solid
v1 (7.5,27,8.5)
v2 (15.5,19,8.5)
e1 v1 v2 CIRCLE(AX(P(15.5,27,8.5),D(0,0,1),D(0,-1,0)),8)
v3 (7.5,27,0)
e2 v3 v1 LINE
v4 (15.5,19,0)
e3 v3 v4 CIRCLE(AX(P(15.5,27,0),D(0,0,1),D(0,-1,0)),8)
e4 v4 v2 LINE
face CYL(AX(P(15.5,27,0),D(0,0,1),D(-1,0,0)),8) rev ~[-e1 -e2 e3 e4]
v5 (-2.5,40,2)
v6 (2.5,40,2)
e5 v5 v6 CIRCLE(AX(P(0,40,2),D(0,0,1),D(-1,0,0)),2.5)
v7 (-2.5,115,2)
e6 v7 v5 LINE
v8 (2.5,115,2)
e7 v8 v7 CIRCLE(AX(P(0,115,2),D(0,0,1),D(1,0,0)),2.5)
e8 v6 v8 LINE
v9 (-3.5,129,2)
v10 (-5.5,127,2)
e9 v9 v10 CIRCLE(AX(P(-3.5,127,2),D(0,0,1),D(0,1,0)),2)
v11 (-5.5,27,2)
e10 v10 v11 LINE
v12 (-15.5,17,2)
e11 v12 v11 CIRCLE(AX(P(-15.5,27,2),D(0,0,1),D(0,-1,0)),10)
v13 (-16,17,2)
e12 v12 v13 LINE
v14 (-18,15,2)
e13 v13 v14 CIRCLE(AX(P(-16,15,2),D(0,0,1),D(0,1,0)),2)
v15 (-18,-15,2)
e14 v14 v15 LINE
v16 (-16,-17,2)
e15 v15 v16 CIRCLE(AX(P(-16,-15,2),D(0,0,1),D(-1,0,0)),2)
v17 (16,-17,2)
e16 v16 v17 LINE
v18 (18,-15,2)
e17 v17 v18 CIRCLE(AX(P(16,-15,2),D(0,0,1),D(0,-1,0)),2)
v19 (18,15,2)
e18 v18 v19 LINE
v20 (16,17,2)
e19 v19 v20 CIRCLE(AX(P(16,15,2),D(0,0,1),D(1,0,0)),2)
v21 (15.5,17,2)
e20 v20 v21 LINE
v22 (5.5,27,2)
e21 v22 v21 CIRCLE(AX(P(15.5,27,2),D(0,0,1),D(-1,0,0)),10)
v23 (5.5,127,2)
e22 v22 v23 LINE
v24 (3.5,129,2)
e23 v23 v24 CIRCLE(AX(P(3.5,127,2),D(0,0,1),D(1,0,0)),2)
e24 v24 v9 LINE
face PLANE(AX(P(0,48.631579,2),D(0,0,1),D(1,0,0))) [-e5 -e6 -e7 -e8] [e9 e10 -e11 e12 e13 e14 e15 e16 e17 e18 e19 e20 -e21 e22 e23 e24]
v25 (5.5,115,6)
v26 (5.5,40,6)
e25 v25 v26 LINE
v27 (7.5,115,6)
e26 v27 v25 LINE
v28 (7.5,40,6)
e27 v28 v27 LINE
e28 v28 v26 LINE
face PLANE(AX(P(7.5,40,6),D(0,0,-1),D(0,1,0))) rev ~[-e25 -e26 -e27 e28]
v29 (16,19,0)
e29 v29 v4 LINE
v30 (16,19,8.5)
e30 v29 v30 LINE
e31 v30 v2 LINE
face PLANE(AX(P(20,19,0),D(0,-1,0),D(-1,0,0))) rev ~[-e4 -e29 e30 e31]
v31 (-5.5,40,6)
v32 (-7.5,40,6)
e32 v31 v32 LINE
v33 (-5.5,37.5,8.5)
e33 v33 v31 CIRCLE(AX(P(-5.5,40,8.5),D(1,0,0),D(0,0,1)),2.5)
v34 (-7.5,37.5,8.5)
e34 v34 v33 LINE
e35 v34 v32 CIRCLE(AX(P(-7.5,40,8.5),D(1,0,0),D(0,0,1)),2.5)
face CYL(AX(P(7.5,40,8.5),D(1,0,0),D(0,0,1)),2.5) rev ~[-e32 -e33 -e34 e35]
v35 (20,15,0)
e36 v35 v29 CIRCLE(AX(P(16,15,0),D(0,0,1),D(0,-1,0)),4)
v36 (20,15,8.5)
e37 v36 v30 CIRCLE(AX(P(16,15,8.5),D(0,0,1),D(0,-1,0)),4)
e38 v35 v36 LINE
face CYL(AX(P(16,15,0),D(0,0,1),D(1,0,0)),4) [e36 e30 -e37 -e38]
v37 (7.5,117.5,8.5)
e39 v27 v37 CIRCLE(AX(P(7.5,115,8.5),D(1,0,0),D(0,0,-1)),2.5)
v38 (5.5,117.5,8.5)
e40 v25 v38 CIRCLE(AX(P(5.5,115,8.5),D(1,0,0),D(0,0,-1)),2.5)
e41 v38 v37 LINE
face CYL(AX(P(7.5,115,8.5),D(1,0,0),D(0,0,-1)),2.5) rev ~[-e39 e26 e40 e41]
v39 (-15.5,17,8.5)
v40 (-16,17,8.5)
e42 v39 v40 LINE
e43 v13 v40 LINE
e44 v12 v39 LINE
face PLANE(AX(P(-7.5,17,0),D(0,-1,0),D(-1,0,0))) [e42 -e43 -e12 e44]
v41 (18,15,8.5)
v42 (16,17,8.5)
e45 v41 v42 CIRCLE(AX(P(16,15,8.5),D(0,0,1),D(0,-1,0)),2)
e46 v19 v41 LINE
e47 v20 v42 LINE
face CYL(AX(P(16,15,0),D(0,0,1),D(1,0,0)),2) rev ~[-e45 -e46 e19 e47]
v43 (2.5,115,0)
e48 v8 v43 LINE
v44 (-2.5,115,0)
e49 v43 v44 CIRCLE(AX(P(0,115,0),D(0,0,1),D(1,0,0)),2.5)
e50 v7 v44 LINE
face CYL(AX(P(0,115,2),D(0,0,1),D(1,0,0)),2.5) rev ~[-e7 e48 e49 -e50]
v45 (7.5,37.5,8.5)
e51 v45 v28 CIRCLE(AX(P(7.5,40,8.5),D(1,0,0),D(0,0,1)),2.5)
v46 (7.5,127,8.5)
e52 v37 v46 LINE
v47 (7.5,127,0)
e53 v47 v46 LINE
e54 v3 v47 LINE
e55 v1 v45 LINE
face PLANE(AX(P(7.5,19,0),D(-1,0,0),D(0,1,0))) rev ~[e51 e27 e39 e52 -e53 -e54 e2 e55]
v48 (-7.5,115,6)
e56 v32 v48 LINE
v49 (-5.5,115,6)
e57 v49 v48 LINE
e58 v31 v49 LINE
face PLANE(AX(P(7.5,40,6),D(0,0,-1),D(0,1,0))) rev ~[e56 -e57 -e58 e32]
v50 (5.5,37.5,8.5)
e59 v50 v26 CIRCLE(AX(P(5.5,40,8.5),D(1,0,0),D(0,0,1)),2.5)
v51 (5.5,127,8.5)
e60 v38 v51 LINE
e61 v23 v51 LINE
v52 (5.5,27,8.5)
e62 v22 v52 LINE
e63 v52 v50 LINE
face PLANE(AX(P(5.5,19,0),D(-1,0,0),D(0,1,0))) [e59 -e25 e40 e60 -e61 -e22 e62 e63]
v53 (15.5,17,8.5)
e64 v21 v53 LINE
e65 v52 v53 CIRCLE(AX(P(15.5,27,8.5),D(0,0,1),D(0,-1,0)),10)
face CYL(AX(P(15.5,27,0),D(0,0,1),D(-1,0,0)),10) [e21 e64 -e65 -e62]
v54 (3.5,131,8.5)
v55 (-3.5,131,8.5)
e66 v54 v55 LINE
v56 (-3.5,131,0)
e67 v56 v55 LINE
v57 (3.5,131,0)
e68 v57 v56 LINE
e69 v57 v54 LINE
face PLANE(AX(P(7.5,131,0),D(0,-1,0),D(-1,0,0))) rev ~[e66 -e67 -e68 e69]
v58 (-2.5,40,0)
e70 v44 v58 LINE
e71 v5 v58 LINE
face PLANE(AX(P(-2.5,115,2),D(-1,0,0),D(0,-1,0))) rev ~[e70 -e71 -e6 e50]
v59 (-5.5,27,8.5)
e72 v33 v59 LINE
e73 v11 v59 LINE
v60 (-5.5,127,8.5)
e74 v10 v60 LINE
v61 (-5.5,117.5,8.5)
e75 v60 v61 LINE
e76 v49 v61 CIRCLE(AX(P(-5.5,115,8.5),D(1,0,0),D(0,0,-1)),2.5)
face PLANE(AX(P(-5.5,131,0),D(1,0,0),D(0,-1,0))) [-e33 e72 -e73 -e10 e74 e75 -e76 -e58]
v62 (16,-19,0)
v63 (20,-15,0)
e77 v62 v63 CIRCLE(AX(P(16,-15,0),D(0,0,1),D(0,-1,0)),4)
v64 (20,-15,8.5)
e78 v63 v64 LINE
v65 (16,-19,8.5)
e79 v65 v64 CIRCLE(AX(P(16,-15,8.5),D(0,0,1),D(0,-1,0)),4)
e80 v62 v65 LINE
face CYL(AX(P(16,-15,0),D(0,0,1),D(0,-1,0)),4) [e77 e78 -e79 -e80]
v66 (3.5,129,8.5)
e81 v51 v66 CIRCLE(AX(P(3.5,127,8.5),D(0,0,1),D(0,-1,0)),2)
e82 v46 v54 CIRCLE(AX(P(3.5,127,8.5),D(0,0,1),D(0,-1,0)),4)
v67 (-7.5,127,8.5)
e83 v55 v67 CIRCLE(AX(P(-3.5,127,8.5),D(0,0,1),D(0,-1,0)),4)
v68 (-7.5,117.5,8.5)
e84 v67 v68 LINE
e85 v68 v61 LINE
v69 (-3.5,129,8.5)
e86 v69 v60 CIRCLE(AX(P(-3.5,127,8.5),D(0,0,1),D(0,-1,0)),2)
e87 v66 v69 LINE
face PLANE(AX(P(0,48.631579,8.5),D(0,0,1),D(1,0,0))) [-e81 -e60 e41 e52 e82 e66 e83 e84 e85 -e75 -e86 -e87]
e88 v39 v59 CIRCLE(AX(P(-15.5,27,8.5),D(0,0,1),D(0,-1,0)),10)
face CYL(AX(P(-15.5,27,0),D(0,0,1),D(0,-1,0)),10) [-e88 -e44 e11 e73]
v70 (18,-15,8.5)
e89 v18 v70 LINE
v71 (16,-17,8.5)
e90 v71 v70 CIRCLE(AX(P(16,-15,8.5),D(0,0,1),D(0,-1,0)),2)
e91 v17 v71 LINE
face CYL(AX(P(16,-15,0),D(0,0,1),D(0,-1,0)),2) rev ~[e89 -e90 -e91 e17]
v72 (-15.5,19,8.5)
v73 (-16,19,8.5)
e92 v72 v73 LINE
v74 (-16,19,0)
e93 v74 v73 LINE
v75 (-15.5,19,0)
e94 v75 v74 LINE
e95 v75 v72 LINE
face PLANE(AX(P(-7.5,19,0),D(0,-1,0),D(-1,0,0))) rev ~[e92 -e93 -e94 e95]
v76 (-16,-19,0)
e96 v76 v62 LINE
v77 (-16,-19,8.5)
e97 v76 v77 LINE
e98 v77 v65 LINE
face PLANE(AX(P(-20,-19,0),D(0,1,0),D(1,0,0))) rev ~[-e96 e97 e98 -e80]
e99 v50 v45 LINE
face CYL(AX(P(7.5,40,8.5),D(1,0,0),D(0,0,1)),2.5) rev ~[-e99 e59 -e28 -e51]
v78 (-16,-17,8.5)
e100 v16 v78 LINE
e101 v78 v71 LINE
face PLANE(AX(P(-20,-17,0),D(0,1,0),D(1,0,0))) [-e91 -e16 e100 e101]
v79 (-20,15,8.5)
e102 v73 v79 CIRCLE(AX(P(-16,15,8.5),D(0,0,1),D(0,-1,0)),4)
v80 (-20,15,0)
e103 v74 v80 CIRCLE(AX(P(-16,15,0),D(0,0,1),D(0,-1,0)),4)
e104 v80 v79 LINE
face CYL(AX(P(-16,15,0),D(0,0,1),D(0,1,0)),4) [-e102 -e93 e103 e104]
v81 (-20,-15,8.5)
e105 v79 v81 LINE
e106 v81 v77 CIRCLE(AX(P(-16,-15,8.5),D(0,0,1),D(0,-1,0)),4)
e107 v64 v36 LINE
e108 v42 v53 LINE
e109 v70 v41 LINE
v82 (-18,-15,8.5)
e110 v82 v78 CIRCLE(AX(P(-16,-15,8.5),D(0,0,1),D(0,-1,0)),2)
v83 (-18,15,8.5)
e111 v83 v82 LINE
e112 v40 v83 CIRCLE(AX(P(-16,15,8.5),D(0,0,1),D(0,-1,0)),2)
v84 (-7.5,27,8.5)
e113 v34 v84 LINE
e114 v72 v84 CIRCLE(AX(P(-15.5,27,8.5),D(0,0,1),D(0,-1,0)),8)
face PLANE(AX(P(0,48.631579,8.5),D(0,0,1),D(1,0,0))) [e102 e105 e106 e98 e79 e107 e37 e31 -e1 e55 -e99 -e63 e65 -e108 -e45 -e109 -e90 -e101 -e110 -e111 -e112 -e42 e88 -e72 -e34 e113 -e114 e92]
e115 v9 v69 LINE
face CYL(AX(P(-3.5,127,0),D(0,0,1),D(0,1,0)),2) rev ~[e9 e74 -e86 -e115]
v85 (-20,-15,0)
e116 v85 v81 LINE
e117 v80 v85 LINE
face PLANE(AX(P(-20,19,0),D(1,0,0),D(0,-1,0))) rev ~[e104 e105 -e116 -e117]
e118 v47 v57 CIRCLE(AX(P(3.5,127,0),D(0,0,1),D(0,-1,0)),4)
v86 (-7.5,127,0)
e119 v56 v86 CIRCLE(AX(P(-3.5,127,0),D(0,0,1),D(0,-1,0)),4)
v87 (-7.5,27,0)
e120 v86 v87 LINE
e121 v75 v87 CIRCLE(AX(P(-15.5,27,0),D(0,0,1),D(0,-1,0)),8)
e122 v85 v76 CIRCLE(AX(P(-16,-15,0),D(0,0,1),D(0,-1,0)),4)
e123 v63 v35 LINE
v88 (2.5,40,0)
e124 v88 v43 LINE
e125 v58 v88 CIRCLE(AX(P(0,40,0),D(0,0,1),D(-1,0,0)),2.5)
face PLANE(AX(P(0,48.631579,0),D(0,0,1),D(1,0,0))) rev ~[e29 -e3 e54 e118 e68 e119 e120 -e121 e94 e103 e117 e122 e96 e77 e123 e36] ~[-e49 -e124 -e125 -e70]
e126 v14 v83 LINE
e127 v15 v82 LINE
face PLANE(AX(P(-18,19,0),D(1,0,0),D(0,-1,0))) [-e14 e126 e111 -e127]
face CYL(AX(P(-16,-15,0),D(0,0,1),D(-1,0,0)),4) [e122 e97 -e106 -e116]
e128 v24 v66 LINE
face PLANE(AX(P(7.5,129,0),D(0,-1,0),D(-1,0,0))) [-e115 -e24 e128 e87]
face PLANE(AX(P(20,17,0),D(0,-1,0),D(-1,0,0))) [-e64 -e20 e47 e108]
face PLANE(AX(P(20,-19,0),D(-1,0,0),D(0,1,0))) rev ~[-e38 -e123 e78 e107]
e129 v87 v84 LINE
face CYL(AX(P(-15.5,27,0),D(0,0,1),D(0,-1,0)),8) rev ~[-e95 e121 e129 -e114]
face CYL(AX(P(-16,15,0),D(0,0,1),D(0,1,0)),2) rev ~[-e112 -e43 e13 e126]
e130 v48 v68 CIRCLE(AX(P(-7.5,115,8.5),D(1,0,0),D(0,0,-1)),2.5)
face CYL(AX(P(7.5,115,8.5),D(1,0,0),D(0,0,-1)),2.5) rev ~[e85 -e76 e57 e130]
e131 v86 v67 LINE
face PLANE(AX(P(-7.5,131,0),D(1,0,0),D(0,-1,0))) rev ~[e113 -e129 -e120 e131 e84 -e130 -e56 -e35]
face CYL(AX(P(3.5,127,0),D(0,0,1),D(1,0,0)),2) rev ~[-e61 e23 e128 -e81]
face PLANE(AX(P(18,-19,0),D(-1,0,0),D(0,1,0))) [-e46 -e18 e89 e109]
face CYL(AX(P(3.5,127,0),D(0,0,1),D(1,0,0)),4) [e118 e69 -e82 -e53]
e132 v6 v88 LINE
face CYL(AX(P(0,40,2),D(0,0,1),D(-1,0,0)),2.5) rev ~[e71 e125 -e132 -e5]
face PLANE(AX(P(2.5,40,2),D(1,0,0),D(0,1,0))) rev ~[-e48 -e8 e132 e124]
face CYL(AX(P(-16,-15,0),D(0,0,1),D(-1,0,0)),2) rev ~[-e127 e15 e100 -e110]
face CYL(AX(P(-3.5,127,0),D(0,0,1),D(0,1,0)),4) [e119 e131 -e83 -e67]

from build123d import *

# Parameters (mm, degrees)
F3_DEPTH  = 8.5
F4_R      = 4
F5_R      = 8
F6_T      = -2
F8_DEPTH  = 2
F10_DEPTH = 15


with BuildPart() as f3:
    # F2 (on Top) → F3 (new body)
    with BuildSketch(Plane.XY):
        Polygon((-7.5, 19), (-20, 19), (-20, -19), (20, -19), (20, 19), (7.5, 19), (7.5, 131), (-7.5, 131), align=None)
    extrude(amount=F3_DEPTH)

    # F4
    f4_edges = [f3.edges().sort_by_distance(p)[0] for p in [
        (-20, 19, 4.25),
        (-20, -19, 4.25),
        (20, -19, 4.25),
        (20, 19, 4.25),
        (7.5, 131, 4.25),
        (-7.5, 131, 4.25),
    ]]
    fillet(f4_edges, radius=F4_R)

    # F5
    f5_edges = [f3.edges().sort_by_distance(p)[0] for p in [
        (7.5, 19, 4.25),
        (-7.5, 19, 4.25),
    ]]
    fillet(f5_edges, radius=F5_R)

    # F6
    f6_openings = [f3.faces().sort_by_distance(p)[0] for p in [
        (0, 39.190123, 8.5),
    ]]
    offset(amount=F6_T, openings=f6_openings)

    # F7 (on face) → F8 (cut, through all)
    with BuildSketch(Plane.XY.offset(2)):
        with BuildLine():
            ThreePointArc((2.5, 115), (0, 117.5), (-2.5, 115))
            Line((-2.5, 115), (-2.5, 40))
            ThreePointArc((-2.5, 40), (0, 37.5), (2.5, 40))
            Line((2.5, 40), (2.5, 115))
        make_face()
    extrude(amount=-F8_DEPTH, mode=Mode.SUBTRACT)

    # F9 (on face) → F10 (cut)
    with BuildSketch(Plane.YZ.offset(7.5)):
        with BuildLine():
            Line((115, 11), (40, 11))
            ThreePointArc((40, 11), (37.5, 8.5), (40, 6))
            Line((40, 6), (115, 6))
            ThreePointArc((115, 6), (117.5, 8.5), (115, 11))
        make_face()
    extrude(amount=-F10_DEPTH, mode=Mode.SUBTRACT)


solid = f3.part
